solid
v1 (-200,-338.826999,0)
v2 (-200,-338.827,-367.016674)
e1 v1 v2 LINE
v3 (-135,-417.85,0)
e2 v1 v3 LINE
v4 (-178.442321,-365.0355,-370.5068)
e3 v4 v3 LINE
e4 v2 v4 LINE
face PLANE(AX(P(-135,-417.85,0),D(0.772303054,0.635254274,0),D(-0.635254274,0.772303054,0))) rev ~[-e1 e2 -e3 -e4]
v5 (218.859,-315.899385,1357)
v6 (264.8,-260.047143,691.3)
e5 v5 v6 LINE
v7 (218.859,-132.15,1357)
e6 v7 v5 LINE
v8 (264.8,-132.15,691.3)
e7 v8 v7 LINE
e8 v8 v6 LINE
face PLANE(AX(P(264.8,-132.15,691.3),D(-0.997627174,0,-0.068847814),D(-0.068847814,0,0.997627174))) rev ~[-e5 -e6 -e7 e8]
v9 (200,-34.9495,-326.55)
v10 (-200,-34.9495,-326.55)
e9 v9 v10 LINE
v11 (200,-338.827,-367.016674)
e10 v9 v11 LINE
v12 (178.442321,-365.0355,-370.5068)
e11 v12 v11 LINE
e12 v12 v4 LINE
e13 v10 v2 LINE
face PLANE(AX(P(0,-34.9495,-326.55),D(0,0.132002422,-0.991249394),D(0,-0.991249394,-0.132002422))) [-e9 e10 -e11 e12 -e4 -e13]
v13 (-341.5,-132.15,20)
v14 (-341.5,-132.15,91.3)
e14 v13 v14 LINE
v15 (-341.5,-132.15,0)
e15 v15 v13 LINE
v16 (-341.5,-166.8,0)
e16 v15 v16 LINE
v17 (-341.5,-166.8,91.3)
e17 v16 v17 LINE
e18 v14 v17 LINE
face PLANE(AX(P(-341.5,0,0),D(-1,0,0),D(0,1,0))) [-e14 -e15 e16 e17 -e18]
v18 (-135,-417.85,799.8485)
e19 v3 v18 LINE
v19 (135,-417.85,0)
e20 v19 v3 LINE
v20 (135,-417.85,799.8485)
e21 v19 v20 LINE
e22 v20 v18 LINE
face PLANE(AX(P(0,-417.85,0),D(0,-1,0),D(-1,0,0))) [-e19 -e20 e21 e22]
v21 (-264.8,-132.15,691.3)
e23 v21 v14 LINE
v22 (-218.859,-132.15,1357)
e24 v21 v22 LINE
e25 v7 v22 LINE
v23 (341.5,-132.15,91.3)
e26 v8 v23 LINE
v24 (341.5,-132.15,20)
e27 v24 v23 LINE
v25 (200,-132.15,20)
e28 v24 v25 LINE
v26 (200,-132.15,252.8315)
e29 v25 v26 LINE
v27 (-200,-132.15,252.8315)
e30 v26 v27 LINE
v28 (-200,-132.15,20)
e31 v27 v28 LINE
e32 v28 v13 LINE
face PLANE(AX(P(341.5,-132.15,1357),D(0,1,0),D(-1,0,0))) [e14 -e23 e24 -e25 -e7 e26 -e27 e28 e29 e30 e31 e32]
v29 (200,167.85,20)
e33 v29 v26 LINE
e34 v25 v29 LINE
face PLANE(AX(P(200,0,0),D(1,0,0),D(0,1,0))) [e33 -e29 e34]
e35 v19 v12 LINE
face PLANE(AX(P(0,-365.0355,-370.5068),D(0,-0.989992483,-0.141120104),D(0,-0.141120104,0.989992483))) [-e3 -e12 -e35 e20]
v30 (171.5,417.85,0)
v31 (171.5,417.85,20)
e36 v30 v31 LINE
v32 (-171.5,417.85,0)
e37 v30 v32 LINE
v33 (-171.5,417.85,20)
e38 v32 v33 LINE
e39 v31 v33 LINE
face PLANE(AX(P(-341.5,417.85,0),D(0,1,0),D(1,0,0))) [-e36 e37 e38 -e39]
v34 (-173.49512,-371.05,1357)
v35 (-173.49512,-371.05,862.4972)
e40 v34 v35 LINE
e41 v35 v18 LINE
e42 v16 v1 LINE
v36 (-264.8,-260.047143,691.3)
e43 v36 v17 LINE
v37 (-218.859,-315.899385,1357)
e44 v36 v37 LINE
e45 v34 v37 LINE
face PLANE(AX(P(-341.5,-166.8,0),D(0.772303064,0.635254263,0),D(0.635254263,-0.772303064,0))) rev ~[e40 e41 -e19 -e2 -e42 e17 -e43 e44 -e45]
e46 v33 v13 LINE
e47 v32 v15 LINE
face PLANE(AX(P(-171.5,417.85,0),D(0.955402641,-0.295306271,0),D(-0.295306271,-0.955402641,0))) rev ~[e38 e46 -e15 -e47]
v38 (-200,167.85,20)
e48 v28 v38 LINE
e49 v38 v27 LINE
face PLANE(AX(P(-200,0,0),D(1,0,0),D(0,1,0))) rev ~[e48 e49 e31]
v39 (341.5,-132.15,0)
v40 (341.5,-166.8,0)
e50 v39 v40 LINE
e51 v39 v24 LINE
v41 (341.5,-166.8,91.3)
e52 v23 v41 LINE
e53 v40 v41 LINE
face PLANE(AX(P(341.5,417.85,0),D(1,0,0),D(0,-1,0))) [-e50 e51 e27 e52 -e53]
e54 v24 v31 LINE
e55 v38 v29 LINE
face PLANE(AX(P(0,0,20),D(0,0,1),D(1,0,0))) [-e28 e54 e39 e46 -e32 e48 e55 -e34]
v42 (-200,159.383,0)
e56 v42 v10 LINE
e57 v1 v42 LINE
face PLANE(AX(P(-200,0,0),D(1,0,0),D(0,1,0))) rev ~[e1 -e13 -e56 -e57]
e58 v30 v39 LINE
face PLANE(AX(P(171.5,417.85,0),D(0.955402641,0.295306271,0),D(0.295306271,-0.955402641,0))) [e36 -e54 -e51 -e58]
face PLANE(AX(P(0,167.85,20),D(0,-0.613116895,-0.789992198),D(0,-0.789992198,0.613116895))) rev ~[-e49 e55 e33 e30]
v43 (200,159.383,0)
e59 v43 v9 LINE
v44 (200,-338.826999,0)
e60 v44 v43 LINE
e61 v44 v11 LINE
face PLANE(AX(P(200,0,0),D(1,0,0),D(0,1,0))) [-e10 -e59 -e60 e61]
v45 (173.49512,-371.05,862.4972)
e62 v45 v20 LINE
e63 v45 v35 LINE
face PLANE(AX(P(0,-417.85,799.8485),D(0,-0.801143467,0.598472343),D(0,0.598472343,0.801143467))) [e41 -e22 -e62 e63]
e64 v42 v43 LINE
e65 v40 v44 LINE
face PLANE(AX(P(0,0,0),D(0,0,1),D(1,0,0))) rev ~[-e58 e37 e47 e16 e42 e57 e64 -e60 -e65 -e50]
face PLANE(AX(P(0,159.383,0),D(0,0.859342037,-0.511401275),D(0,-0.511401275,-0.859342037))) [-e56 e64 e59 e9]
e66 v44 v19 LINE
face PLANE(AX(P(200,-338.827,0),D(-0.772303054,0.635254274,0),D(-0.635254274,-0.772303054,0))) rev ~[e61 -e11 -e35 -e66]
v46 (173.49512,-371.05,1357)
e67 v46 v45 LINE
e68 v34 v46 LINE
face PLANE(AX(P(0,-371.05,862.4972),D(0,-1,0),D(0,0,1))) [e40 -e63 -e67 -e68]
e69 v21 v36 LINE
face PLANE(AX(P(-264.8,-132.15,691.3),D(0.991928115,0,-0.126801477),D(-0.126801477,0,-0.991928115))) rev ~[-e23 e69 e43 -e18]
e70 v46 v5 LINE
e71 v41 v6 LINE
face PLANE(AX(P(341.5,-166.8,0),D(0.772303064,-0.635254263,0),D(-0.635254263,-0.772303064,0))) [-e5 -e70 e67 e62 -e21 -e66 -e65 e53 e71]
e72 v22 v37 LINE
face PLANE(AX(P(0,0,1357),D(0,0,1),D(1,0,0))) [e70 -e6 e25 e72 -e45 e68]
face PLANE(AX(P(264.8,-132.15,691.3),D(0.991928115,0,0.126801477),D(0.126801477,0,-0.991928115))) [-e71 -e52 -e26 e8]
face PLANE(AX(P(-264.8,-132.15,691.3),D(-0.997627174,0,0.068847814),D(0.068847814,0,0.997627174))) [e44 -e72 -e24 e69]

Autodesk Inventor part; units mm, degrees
ref_plane "YZ Plane" through (0, 0, 0) normal (1, 0, 0) x (0, 1, 0)
ref_plane "XZ Plane" through (0, 0, 0) normal (0, 1, 0) x (-1, 0, 0)
ref_plane "XY Plane" through (0, 0, 0) normal (0, 0, 1) x (1, 0, 0)
sketch "スケッチ1" plane through (0, 0, 0) normal (0, 0, 1) x (1, 0, 0)
  line L0 (-341.5, 417.85) -> (341.5, 417.85)
  line L1 (341.5, 417.85) -> (341.5, -417.85)
  line L2 (341.5, -417.85) -> (-341.5, -417.85)
  line L3 (-341.5, -417.85) -> (-341.5, 417.85)
  line L4 (-478.1, 0) -> (478.1, 0) projected
  line L5 (0, -584.99) -> (0, 584.99) projected
  point P0 (0, 0)
  point P1 (341.5, 0)
  point P2 (0, 417.85)
  dimension "d2" = 835.7
  dimension "d3" = 683
extrude "押し出し1" add sketch "スケッチ1" along normal blind 1357
sketch "スケッチ3" plane through (0, 0, 0) normal (0, 0, 1) x (1, 0, 0)
  line L0 (-171.5, 417.85) -> (171.5, 417.85)
  line L1 (171.5, 417.85) -> (341.5, -132.15)
  line L2 (341.5, -132.15) -> (341.5, -166.8)
  line L3 (341.5, -166.8) -> (135, -417.85)
  line L4 (-341.5, 417.85) -> (341.5, 417.85) projected
  line L5 (341.5, 417.85) -> (341.5, -417.85) projected
  line L6 (341.5, -417.85) -> (-341.5, -417.85) projected
  line L7 (0, -595.6665) -> (0, 649.0488) projected
  line L8 (135, -417.85) -> (0, -417.85)
  line L9 (-341.5, -417.85) -> (341.5, -417.85) projected
  line L10 (-171.5, 417.85) -> (-341.5, -132.15)
  line L11 (-341.5, -132.15) -> (-341.5, -166.8)
  line L12 (-341.5, -166.8) -> (-135, -417.85)
  line L13 (-135, -417.85) -> (0, -417.85)
  line L14 (341.5, 417.85) -> (-341.5, 417.85) projected
  line L15 (171.5, 417.85) -> (341.5, 417.85)
  line L16 (341.5, 417.85) -> (341.5, -132.15)
  line L17 (341.5, -417.85) -> (341.5, 417.85) projected
  line L18 (341.5, -166.8) -> (341.5, -417.85)
  line L19 (341.5, -417.85) -> (135, -417.85)
  line L20 (-135, -417.85) -> (-341.5, -417.85)
  line L21 (-341.5, -417.85) -> (-341.5, -166.8)
  line L22 (-341.5, 417.85) -> (-341.5, -417.85) projected
  line L23 (-171.5, 417.85) -> (-341.5, 417.85)
  line L24 (-341.5, -132.15) -> (-341.5, 417.85)
  point P0 (0, 0)
  point P1 (0, 417.85)
  dimension "d9" = 343
  dimension "d10" = 34.65
  dimension "d11" = 550
  dimension "d12" = 206.5
extrude "押し出し2" cut sketch "スケッチ3" along normal through all both and the other way through all contours L10 L22 L4 | L4 L5 L1 | L12 L6 L21 | L3 L5 L6
sketch "スケッチ5" plane through (0, 0, 1357) normal (0, 0, 1) x (1, 0, 0)
  line L0 (-171.5, 417.85) -> (-341.5, -132.15) projected
  line L1 (-341.5, -132.15) -> (-171.5, 417.85)
  line L2 (171.5, 417.85) -> (-171.5, 417.85) projected
  line L3 (-171.5, 417.85) -> (171.5, 417.85)
  line L4 (341.5, -132.15) -> (171.5, 417.85) projected
  line L5 (171.5, 417.85) -> (341.5, -132.15)
  line L6 (341.5, -132.15) -> (-341.5, -132.15)
  point P0 (0, 0)
extrude "押し出し3" cut sketch "スケッチ5" against normal blind 1337
sketch "スケッチ6" plane through (-341.5, -132.15, 1357) normal (0, 1, 0) x (1, 0, 0)
  line L0 (0, 1265.7) -> (0, 665.7)
  line L1 (0, 665.7) -> (76.7, 665.7)
  line L2 (76.7, 665.7) -> (0, 1265.7)
  line L3 (0, 1357) -> (170, 1357) projected
  line L4 (0, 0) -> (0, 1337) projected
  line L5 (341.5, 1357) -> (341.5, 1610.7019)
  line L6 (683, 1265.7) -> (683, 665.7)
  line L7 (683, 665.7) -> (606.3, 665.7)
  line L8 (606.3, 665.7) -> (683, 1265.7)
  line L9 (0, 665.7) -> (76.7, 665.7)
  line L10 (0, 665.7) -> (0, 0)
  line L11 (0, 1357) -> (0, 0) projected
  line L12 (76.7, 665.7) -> (122.641, 0)
  line L13 (206.5, 0) -> (206.5, 1357) projected
  line L14 (0, 0) -> (122.641, 0)
  line L15 (683, 0) -> (0, 0) projected
  line L16 (683, 665.7) -> (606.3, 665.7)
  line L17 (683, 665.7) -> (606.3, 665.7)
  line L18 (683, 665.7) -> (683, 0)
  line L19 (606.3, 665.7) -> (560.359, 0)
  line L20 (683, 0) -> (560.359, 0)
  point P0 (683, 0)
  dimension "d17" = 91.3
  dimension "d18" = 600
  dimension "d19" = 76.7
  dimension "d21" = 45.941
extrude "押し出し4" cut sketch "スケッチ6" against normal through all
sketch "スケッチ7" plane through (0, 0, 0) normal (1, 0, 0) x (0, 1, 0)
  line L0 (-315.8994, 1357) -> (-417.85, 1357) projected
  line L1 (-371.05, 1357) -> (-417.85, 1357)
  line L2 (-417.85, 1357) -> (-417.85, 799.8485)
  line L3 (-417.85, 1357) -> (-417.85, 0) projected
  line L4 (-417.85, 799.8485) -> (-371.05, 862.4972)
  line L5 (-371.05, 862.4972) -> (-371.05, 1357)
  line L6 (-315.8994, 1357) -> (-260.0471, 691.3) projected
  line L7 (-417.85, 0) -> (-417.85, 1357) projected
  point P0 (0, 0)
  dimension "d25" = 143.239
  dimension "d26" = 46.8
extrude "押し出し5" cut sketch "スケッチ7" along normal through all both and the other way through all
sketch "スケッチ8" plane through (0, 0, 0) normal (1, 0, 0) x (0, 1, 0)
  line L0 (-132.15, 20) -> (417.85, 20) projected
  line L1 (167.85, 20) -> (-132.15, 252.8315)
  line L2 (-132.15, 91.3) -> (-132.15, 691.3) projected
  line L3 (-132.15, 20) -> (-132.15, 91.3) projected
  line L4 (-132.15, 252.8315) -> (-132.15, 20)
  line L5 (-132.15, 20) -> (167.85, 20)
  point P0 (0, 0)
  dimension "d29" = 37.815
  dimension "d30" = 300
extrude "押し出し6" add sketch "スケッチ8" along normal mid plane 400
sketch "スケッチ9" plane through (0, 0, 0) normal (1, 0, 0) x (0, 1, 0)
  line L0 (159.383, 0) -> (-34.9495, -326.55)
  line L1 (-34.9495, -326.55) -> (-365.0355, -370.5068)
  line L2 (-365.0355, -370.5068) -> (-417.85, 0)
  line L3 (-772.2018, 0) -> (616.192, 0) projected
  line L4 (-417.85, 0) -> (-417.85, 799.8485) projected
  point P0 (0, 0)
  dimension "d33" = 171.887
  dimension "d34" = 128.343
  dimension "d35" = 90.527
  dimension "d36" = 380
  dimension "d37" = 333
extrude "押し出し7" add sketch "スケッチ9" along normal mid plane 400
sketch "スケッチ10" plane through (0, 0, 0) normal (0, 0, 1) x (1, 0, 0)
  line L0 (-200, -338.827) -> (-341.5, -166.8) projected
  line L1 (-200, -365.0355) -> (-200, -417.85) projected
  line L2 (-200, -338.827) -> (-200, -417.85)
  line L3 (-135, -417.85) -> (-200, -417.85) projected
  line L4 (-200, -417.85) -> (-135, -417.85)
  line L5 (-135, -417.85) -> (-200, -338.827)
  line L6 (200, -338.827) -> (200, 159.383) projected
  line L7 (200, -338.827) -> (135, -417.85) projected
  line L8 (200, -338.827) -> (135, -417.85)
  line L9 (200, -417.85) -> (135, -417.85) projected
  line L10 (135, -417.85) -> (200, -417.85)
  line L11 (200, -417.85) -> (200, -338.827)
  point P0 (0, 0)
extrude "押し出し8" cut sketch "スケッチ10" against normal through all
properties part number "newbody"
